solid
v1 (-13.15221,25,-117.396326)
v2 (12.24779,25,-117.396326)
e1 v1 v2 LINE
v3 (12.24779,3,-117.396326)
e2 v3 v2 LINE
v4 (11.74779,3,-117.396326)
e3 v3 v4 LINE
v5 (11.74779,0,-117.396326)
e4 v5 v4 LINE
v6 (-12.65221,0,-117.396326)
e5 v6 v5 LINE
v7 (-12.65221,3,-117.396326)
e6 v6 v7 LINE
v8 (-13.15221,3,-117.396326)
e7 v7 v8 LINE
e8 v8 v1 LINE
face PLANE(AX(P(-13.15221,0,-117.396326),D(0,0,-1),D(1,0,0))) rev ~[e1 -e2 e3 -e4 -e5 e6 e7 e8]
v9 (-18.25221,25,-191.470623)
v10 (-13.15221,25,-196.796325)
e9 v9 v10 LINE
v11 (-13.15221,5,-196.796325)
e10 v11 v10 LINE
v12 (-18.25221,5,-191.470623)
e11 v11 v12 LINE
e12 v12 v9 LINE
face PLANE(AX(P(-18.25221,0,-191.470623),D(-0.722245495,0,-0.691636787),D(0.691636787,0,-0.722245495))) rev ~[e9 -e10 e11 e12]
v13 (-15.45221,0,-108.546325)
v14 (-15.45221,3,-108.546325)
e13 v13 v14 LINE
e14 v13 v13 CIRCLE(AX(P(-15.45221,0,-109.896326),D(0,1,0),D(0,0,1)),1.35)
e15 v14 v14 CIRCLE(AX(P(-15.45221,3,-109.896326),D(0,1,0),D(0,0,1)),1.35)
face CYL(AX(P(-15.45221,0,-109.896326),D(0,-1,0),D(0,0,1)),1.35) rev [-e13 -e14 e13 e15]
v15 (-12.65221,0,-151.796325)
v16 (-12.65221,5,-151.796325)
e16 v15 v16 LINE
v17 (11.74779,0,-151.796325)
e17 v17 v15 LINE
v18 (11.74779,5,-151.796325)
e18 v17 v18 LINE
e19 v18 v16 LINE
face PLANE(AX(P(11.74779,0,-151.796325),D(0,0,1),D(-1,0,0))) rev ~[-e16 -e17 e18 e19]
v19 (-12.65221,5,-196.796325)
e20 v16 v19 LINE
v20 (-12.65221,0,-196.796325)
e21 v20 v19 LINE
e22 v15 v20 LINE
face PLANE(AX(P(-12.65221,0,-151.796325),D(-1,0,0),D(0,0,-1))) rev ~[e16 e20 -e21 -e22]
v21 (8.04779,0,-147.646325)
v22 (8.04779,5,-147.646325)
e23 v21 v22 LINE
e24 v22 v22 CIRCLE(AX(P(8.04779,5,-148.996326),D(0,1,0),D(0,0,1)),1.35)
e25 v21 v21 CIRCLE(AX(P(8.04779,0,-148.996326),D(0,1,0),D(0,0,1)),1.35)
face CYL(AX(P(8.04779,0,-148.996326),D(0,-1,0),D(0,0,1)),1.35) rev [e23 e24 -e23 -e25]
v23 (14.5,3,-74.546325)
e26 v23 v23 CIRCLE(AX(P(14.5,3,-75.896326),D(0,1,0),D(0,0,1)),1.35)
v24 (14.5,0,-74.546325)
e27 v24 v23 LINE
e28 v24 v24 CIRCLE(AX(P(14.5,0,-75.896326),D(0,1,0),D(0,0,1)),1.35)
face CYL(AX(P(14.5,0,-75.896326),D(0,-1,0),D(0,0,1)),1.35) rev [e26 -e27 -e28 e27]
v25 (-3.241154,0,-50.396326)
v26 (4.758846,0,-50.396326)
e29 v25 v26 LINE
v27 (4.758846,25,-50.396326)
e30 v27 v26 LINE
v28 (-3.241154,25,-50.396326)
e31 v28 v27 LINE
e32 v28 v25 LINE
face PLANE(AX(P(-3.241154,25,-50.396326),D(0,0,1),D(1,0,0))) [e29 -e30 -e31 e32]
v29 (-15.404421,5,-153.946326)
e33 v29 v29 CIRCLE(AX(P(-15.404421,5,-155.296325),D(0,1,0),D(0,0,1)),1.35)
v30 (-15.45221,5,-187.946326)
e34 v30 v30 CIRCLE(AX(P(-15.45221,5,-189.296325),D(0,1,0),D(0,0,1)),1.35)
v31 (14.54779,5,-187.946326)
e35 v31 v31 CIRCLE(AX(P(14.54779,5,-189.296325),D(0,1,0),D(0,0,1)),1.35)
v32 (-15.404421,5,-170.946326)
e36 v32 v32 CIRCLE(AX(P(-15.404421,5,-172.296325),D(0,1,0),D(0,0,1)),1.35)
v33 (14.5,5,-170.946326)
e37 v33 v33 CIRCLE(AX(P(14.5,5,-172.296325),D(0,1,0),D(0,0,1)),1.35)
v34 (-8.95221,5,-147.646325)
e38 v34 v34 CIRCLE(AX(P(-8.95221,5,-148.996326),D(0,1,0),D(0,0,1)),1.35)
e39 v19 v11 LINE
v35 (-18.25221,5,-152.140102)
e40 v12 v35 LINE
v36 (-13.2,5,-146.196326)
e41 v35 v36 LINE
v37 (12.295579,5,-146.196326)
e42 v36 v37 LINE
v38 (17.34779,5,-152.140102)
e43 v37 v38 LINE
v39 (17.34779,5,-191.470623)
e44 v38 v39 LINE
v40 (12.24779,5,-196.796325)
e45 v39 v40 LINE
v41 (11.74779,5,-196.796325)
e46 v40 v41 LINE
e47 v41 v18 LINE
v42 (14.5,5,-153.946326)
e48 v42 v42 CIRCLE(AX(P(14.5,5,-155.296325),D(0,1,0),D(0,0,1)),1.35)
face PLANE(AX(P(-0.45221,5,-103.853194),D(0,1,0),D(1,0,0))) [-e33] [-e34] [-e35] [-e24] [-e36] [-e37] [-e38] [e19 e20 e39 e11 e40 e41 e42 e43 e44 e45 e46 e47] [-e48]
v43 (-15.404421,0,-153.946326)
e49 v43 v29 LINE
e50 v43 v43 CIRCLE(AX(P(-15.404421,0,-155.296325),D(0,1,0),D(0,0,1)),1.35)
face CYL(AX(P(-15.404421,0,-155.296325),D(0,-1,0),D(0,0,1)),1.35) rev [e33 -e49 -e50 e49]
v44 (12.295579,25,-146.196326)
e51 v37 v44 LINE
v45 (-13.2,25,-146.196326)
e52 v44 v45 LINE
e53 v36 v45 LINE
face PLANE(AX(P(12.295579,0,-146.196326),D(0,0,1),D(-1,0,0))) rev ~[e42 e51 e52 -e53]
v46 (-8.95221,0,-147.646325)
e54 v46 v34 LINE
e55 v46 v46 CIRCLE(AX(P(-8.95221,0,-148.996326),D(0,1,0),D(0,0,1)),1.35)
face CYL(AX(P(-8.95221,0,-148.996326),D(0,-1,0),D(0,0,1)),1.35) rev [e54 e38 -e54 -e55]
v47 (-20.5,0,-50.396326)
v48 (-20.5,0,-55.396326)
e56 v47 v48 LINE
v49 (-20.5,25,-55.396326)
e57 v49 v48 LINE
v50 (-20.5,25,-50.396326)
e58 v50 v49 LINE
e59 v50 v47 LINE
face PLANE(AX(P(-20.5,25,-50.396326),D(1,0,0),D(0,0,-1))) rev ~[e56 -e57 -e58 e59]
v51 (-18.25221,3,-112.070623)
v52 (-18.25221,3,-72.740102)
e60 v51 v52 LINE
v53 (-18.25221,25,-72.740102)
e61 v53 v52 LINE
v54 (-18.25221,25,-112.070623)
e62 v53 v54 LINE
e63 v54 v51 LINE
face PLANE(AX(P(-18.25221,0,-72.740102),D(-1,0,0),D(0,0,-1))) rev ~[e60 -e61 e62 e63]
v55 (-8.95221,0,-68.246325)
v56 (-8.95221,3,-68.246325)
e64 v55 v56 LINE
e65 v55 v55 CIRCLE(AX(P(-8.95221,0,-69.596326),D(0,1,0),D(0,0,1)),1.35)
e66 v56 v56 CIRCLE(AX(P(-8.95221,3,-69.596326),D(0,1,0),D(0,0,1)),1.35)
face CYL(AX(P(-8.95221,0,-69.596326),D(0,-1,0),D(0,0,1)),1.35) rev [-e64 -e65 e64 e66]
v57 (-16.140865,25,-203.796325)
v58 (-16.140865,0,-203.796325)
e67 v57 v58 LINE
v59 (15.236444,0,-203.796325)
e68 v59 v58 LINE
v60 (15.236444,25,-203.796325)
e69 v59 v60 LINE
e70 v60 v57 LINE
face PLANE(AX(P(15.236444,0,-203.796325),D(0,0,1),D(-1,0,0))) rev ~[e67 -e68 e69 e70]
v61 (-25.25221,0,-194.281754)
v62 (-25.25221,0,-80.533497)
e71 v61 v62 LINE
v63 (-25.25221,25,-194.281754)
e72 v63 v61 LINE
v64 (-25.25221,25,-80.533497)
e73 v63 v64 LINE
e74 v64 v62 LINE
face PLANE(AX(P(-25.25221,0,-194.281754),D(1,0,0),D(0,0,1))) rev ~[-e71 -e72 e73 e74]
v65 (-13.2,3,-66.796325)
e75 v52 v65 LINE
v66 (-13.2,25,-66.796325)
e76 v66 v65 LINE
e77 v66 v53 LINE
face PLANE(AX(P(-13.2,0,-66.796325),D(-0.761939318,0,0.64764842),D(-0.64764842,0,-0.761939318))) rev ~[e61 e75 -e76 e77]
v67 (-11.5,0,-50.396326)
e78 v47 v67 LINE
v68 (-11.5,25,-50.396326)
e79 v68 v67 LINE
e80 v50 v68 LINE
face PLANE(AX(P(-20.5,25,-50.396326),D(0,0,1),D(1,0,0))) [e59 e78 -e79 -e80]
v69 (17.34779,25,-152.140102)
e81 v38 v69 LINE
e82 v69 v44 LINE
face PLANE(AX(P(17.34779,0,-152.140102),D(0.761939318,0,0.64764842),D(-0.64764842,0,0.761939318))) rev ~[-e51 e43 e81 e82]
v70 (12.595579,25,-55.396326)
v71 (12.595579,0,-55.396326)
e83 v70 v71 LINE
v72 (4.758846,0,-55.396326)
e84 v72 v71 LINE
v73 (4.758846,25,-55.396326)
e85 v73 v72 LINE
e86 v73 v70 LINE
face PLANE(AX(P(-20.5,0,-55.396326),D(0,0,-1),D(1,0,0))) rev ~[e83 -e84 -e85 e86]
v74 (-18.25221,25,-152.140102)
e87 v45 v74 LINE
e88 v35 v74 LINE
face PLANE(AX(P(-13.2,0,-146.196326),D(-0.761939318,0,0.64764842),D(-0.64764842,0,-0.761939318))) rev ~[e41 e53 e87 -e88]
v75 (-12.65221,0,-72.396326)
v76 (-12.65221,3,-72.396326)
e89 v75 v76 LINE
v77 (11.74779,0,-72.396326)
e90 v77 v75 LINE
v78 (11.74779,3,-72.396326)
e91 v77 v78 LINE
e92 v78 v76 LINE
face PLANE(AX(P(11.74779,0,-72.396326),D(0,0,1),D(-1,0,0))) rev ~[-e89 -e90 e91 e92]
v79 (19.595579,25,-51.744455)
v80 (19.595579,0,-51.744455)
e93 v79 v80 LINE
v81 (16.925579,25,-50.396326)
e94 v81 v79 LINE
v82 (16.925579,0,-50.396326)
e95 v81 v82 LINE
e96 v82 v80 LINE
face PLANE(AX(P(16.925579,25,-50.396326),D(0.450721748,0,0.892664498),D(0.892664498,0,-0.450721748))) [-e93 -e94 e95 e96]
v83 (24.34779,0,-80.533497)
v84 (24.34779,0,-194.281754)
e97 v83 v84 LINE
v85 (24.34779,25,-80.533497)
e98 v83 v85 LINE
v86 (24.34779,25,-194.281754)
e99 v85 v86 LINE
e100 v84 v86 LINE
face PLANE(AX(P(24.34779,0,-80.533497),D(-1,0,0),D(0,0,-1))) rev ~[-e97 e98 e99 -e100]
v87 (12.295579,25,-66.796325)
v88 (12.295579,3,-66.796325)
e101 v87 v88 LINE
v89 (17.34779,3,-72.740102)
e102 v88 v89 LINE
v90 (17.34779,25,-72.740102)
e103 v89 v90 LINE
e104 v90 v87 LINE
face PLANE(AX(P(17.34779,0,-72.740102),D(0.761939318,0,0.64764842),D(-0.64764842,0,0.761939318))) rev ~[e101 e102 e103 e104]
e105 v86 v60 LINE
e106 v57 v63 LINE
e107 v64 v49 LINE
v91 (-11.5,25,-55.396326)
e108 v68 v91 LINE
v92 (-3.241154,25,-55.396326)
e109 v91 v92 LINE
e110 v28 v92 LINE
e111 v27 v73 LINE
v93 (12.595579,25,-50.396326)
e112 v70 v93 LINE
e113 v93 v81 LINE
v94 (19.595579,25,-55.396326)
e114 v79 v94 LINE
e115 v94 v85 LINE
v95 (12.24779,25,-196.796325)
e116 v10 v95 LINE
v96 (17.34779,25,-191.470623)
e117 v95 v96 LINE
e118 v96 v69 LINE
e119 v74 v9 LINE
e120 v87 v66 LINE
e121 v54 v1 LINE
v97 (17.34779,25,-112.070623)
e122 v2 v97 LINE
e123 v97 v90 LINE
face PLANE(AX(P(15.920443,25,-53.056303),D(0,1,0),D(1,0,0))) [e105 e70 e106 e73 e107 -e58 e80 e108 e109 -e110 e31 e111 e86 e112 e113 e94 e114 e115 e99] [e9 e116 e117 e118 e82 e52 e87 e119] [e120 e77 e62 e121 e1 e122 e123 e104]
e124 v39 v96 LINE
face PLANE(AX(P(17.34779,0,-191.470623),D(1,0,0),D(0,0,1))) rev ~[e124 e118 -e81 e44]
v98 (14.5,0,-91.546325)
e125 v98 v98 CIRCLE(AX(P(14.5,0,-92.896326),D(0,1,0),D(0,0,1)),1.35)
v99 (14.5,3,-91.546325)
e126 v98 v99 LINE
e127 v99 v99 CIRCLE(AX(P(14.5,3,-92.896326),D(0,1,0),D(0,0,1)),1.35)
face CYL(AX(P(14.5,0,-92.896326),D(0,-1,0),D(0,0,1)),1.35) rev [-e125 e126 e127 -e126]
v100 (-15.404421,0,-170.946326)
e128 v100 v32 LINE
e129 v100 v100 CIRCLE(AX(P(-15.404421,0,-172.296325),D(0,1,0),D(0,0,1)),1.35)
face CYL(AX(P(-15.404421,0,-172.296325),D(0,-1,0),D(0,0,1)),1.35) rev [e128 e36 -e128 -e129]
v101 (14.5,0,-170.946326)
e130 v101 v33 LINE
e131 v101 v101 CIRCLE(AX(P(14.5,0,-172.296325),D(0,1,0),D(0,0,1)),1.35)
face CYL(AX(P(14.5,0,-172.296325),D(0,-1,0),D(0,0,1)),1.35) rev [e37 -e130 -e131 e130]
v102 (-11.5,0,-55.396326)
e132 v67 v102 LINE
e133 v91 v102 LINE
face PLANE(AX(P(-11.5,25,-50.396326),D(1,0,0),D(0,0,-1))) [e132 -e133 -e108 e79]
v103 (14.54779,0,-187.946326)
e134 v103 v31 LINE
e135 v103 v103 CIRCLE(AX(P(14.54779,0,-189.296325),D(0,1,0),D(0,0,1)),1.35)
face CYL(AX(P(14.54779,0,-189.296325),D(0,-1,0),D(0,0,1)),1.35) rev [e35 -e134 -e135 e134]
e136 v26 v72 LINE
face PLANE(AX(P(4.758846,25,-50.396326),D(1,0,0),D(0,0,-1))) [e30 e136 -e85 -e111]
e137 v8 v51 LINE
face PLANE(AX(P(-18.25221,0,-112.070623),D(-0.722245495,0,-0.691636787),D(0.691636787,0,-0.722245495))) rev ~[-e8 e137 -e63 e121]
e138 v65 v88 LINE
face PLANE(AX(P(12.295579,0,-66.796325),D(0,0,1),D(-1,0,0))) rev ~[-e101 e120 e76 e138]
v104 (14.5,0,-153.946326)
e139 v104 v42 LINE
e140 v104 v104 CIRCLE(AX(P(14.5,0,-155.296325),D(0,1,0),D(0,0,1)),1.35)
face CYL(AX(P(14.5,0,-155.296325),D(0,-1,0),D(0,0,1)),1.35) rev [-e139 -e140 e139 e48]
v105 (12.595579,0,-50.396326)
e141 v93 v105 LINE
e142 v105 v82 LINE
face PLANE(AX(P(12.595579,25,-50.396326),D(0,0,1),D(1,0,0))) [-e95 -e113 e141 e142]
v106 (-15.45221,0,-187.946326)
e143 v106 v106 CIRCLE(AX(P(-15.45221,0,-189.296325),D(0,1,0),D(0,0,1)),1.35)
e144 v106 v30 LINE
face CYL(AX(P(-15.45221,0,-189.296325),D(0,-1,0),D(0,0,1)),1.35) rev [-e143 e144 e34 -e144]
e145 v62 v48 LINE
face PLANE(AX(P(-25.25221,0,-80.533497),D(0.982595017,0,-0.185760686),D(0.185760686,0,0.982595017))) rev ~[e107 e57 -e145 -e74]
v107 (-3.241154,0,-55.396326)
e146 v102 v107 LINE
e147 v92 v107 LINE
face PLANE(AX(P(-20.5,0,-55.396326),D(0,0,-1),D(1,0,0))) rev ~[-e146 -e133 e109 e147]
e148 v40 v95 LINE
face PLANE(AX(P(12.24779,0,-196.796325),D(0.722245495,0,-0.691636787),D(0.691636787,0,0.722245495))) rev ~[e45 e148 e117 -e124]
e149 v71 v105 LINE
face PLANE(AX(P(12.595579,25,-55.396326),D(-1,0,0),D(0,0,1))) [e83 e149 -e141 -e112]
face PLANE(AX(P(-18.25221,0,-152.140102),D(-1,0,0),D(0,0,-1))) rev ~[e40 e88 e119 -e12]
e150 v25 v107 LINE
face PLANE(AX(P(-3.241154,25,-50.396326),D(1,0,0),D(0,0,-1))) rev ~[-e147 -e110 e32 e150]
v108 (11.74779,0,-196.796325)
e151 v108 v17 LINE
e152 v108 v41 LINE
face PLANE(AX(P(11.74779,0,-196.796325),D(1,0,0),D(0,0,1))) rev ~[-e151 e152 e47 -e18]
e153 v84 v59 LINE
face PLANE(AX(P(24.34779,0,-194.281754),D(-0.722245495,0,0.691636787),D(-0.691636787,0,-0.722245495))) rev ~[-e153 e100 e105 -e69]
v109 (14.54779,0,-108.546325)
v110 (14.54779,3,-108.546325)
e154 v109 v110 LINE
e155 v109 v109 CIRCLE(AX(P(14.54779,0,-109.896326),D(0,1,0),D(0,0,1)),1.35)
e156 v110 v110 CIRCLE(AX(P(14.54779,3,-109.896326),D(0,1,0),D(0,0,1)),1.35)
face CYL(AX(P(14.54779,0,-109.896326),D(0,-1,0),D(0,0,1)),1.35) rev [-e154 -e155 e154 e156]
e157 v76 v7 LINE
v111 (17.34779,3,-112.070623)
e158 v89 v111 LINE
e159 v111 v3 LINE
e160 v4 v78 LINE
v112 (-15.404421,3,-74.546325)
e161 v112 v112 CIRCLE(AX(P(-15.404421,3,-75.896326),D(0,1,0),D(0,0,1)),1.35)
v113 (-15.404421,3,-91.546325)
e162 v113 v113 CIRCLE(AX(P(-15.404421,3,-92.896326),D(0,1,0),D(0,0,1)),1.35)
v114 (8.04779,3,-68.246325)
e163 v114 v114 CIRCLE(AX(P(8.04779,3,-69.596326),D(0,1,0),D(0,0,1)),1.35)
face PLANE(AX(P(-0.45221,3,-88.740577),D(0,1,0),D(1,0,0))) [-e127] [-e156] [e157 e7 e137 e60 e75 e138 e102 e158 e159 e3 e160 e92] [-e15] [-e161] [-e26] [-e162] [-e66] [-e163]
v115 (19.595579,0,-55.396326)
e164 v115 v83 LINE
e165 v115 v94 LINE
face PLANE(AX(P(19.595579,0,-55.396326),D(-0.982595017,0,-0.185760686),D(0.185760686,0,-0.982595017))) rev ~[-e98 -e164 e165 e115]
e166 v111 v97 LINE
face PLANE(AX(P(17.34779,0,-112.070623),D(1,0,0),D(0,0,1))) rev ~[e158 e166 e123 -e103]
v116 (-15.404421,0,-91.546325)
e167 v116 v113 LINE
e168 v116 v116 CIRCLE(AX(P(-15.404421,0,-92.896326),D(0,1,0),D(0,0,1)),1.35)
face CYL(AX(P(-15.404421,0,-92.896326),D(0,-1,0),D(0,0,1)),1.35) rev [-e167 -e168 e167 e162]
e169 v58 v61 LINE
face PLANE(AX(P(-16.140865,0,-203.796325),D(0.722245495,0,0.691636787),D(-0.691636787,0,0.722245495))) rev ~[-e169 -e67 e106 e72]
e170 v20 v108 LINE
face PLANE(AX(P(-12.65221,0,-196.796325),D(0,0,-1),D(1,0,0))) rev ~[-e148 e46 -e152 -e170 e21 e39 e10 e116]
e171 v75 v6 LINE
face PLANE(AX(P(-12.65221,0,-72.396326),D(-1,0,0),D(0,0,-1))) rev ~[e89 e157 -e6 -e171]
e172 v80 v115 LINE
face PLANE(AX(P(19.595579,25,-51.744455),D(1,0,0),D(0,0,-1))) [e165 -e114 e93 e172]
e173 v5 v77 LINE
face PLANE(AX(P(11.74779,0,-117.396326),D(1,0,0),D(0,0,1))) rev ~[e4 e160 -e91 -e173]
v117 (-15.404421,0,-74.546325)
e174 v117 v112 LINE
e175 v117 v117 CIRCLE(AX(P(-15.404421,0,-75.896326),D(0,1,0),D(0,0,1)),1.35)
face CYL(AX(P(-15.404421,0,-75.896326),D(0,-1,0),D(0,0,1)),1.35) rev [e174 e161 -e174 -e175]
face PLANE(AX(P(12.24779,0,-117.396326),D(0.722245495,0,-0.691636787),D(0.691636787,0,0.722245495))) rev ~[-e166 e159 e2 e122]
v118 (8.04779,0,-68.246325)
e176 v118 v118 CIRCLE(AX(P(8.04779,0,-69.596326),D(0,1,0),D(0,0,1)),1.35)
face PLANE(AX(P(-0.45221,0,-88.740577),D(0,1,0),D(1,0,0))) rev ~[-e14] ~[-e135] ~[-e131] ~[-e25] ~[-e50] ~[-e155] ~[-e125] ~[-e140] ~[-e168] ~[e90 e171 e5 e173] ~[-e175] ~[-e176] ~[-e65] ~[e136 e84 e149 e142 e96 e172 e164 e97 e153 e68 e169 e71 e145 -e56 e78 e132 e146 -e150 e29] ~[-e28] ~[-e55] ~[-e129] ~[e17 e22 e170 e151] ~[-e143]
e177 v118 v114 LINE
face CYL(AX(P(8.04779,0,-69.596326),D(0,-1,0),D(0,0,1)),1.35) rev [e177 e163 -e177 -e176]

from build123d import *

# Parameters (mm, degrees)
SZKIC1_W                    = 24.4
SZKIC1_H                    = 45
SZKIC1_R                    = 1.35
DODANIE_WYCI_GNI_CIE1_DEPTH = 5
DODANIE_WYCI_GNI_CIE2_DEPTH = 25
SZKIC8_W                    = 8
SZKIC8_H                    = 5
SZKIC8_W_2                  = 9
DODANIE_WYCI_GNI_CIE3_DEPTH = 25
SZKIC1_4_R                  = 1.35
DODANIE_WYCI_GNI_CIE4_DEPTH = 3


with BuildPart() as part:
    # Szkic1 → Dodanie-wyci_gni_cie1 (new body)
    with BuildSketch(Plane(origin=(0, 0, 0), x_dir=(1, 0, 0), z_dir=(0, 1, 0))):
        Polygon((-25.252210447, 194.281753518), (-25.252210447, 80.533497461), (-20.5, 55.3963255), (19.595579106, 55.3963255), (24.347789553, 80.533497461), (24.347789553, 194.281753518), (15.236444388, 203.7963255), (-16.140865282, 203.7963255), align=None)
        with Locations((-0.452210447, 174.2963255)):
            Rectangle(SZKIC1_W, SZKIC1_H, mode=Mode.SUBTRACT)
        with Locations((-15.404420894, 155.2963255)):
            Circle(SZKIC1_R, mode=Mode.SUBTRACT)
        with Locations((-8.952210447, 148.9963255)):
            Circle(SZKIC1_R, mode=Mode.SUBTRACT)
        with Locations((-15.404420894, 172.2963255)):
            Circle(SZKIC1_R, mode=Mode.SUBTRACT)
        with Locations((-15.452210447, 189.2963255)):
            Circle(SZKIC1_R, mode=Mode.SUBTRACT)
        with Locations((8.047789553, 148.9963255)):
            Circle(SZKIC1_R, mode=Mode.SUBTRACT)
        with Locations((14.5, 155.2963255)):
            Circle(SZKIC1_R, mode=Mode.SUBTRACT)
        with Locations((14.5, 172.2963255)):
            Circle(SZKIC1_R, mode=Mode.SUBTRACT)
        with Locations((14.547789553, 189.2963255)):
            Circle(SZKIC1_R, mode=Mode.SUBTRACT)
        Polygon((12.247789553, 117.3963255), (17.347789553, 112.070622628), (17.347789553, 72.740102496), (12.295579106, 66.7963255), (-13.2, 66.7963255), (-18.252210447, 72.740102496), (-18.252210447, 112.070622628), (-13.152210447, 117.3963255), align=None, mode=Mode.SUBTRACT)
    extrude(amount=DODANIE_WYCI_GNI_CIE1_DEPTH)

    # Szkic1_3 → Dodanie-wyci_gni_cie2 (add)
    with BuildSketch(Plane(origin=(0, 0, 0), x_dir=(1, 0, 0), z_dir=(0, 1, 0))):
        Polygon((-20.5, 55.3963255), (19.595579106, 55.3963255), (24.347789553, 80.533497461), (24.347789553, 194.281753518), (15.236444388, 203.7963255), (-16.140865282, 203.7963255), (-25.252210447, 194.281753518), (-25.252210447, 80.533497461), align=None)
        Polygon((-13.152210447, 117.3963255), (12.247789553, 117.3963255), (17.347789553, 112.070622628), (17.347789553, 72.740102496), (12.295579106, 66.7963255), (-13.2, 66.7963255), (-18.252210447, 72.740102496), (-18.252210447, 112.070622628), align=None, mode=Mode.SUBTRACT)
        Polygon((12.247789553, 196.7963255), (17.347789553, 191.470622628), (17.347789553, 152.140102496), (12.295579106, 146.1963255), (-13.2, 146.1963255), (-18.252210447, 152.140102496), (-18.252210447, 191.470622628), (-13.152210447, 196.7963255), align=None, mode=Mode.SUBTRACT)
    extrude(amount=DODANIE_WYCI_GNI_CIE2_DEPTH)

    # Szkic8 → Dodanie-wyci_gni_cie3 (add)
    with BuildSketch(Plane(origin=(0, 25, 0), x_dir=(1, 0, 0), z_dir=(0, 1, 0))):
        Polygon((19.595579106, 51.744454691), (19.595579106, 55.3963255), (12.595579106, 55.3963255), (12.595579106, 50.3963255), (16.925579106, 50.3963255), align=None)
        with Locations((0.758846465, 52.8963255)):
            Rectangle(SZKIC8_W, SZKIC8_H)
        with Locations((-16, 52.8963255)):
            Rectangle(SZKIC8_W_2, SZKIC8_H)
    extrude(amount=-DODANIE_WYCI_GNI_CIE3_DEPTH)

    # Szkic1_4 → Dodanie-wyci_gni_cie4 (add)
    with BuildSketch(Plane(origin=(0, 0, 0), x_dir=(1, 0, 0), z_dir=(0, 1, 0))):
        Polygon((-12.652210447, 72.3963255), (-12.652210447, 117.3963255), (-13.152210447, 117.3963255), (-18.252210447, 112.070622628), (-18.252210447, 72.740102496), (-13.2, 66.7963255), (12.295579106, 66.7963255), (17.347789553, 72.740102496), (17.347789553, 112.070622628), (12.247789553, 117.3963255), (11.747789553, 117.3963255), (11.747789553, 72.3963255), align=None)
        with Locations((-15.404420894, 75.8963255)):
            Circle(SZKIC1_4_R, mode=Mode.SUBTRACT)
        with Locations((-8.952210447, 69.5963255)):
            Circle(SZKIC1_4_R, mode=Mode.SUBTRACT)
        with Locations((-15.404420894, 92.8963255)):
            Circle(SZKIC1_4_R, mode=Mode.SUBTRACT)
        with Locations((-15.452210447, 109.8963255)):
            Circle(SZKIC1_4_R, mode=Mode.SUBTRACT)
        with Locations((8.047789553, 69.5963255)):
            Circle(SZKIC1_4_R, mode=Mode.SUBTRACT)
        with Locations((14.5, 75.8963255)):
            Circle(SZKIC1_4_R, mode=Mode.SUBTRACT)
        with Locations((14.5, 92.8963255)):
            Circle(SZKIC1_4_R, mode=Mode.SUBTRACT)
        with Locations((14.547789553, 109.8963255)):
            Circle(SZKIC1_4_R, mode=Mode.SUBTRACT)
    extrude(amount=DODANIE_WYCI_GNI_CIE4_DEPTH)


solid = part.part
